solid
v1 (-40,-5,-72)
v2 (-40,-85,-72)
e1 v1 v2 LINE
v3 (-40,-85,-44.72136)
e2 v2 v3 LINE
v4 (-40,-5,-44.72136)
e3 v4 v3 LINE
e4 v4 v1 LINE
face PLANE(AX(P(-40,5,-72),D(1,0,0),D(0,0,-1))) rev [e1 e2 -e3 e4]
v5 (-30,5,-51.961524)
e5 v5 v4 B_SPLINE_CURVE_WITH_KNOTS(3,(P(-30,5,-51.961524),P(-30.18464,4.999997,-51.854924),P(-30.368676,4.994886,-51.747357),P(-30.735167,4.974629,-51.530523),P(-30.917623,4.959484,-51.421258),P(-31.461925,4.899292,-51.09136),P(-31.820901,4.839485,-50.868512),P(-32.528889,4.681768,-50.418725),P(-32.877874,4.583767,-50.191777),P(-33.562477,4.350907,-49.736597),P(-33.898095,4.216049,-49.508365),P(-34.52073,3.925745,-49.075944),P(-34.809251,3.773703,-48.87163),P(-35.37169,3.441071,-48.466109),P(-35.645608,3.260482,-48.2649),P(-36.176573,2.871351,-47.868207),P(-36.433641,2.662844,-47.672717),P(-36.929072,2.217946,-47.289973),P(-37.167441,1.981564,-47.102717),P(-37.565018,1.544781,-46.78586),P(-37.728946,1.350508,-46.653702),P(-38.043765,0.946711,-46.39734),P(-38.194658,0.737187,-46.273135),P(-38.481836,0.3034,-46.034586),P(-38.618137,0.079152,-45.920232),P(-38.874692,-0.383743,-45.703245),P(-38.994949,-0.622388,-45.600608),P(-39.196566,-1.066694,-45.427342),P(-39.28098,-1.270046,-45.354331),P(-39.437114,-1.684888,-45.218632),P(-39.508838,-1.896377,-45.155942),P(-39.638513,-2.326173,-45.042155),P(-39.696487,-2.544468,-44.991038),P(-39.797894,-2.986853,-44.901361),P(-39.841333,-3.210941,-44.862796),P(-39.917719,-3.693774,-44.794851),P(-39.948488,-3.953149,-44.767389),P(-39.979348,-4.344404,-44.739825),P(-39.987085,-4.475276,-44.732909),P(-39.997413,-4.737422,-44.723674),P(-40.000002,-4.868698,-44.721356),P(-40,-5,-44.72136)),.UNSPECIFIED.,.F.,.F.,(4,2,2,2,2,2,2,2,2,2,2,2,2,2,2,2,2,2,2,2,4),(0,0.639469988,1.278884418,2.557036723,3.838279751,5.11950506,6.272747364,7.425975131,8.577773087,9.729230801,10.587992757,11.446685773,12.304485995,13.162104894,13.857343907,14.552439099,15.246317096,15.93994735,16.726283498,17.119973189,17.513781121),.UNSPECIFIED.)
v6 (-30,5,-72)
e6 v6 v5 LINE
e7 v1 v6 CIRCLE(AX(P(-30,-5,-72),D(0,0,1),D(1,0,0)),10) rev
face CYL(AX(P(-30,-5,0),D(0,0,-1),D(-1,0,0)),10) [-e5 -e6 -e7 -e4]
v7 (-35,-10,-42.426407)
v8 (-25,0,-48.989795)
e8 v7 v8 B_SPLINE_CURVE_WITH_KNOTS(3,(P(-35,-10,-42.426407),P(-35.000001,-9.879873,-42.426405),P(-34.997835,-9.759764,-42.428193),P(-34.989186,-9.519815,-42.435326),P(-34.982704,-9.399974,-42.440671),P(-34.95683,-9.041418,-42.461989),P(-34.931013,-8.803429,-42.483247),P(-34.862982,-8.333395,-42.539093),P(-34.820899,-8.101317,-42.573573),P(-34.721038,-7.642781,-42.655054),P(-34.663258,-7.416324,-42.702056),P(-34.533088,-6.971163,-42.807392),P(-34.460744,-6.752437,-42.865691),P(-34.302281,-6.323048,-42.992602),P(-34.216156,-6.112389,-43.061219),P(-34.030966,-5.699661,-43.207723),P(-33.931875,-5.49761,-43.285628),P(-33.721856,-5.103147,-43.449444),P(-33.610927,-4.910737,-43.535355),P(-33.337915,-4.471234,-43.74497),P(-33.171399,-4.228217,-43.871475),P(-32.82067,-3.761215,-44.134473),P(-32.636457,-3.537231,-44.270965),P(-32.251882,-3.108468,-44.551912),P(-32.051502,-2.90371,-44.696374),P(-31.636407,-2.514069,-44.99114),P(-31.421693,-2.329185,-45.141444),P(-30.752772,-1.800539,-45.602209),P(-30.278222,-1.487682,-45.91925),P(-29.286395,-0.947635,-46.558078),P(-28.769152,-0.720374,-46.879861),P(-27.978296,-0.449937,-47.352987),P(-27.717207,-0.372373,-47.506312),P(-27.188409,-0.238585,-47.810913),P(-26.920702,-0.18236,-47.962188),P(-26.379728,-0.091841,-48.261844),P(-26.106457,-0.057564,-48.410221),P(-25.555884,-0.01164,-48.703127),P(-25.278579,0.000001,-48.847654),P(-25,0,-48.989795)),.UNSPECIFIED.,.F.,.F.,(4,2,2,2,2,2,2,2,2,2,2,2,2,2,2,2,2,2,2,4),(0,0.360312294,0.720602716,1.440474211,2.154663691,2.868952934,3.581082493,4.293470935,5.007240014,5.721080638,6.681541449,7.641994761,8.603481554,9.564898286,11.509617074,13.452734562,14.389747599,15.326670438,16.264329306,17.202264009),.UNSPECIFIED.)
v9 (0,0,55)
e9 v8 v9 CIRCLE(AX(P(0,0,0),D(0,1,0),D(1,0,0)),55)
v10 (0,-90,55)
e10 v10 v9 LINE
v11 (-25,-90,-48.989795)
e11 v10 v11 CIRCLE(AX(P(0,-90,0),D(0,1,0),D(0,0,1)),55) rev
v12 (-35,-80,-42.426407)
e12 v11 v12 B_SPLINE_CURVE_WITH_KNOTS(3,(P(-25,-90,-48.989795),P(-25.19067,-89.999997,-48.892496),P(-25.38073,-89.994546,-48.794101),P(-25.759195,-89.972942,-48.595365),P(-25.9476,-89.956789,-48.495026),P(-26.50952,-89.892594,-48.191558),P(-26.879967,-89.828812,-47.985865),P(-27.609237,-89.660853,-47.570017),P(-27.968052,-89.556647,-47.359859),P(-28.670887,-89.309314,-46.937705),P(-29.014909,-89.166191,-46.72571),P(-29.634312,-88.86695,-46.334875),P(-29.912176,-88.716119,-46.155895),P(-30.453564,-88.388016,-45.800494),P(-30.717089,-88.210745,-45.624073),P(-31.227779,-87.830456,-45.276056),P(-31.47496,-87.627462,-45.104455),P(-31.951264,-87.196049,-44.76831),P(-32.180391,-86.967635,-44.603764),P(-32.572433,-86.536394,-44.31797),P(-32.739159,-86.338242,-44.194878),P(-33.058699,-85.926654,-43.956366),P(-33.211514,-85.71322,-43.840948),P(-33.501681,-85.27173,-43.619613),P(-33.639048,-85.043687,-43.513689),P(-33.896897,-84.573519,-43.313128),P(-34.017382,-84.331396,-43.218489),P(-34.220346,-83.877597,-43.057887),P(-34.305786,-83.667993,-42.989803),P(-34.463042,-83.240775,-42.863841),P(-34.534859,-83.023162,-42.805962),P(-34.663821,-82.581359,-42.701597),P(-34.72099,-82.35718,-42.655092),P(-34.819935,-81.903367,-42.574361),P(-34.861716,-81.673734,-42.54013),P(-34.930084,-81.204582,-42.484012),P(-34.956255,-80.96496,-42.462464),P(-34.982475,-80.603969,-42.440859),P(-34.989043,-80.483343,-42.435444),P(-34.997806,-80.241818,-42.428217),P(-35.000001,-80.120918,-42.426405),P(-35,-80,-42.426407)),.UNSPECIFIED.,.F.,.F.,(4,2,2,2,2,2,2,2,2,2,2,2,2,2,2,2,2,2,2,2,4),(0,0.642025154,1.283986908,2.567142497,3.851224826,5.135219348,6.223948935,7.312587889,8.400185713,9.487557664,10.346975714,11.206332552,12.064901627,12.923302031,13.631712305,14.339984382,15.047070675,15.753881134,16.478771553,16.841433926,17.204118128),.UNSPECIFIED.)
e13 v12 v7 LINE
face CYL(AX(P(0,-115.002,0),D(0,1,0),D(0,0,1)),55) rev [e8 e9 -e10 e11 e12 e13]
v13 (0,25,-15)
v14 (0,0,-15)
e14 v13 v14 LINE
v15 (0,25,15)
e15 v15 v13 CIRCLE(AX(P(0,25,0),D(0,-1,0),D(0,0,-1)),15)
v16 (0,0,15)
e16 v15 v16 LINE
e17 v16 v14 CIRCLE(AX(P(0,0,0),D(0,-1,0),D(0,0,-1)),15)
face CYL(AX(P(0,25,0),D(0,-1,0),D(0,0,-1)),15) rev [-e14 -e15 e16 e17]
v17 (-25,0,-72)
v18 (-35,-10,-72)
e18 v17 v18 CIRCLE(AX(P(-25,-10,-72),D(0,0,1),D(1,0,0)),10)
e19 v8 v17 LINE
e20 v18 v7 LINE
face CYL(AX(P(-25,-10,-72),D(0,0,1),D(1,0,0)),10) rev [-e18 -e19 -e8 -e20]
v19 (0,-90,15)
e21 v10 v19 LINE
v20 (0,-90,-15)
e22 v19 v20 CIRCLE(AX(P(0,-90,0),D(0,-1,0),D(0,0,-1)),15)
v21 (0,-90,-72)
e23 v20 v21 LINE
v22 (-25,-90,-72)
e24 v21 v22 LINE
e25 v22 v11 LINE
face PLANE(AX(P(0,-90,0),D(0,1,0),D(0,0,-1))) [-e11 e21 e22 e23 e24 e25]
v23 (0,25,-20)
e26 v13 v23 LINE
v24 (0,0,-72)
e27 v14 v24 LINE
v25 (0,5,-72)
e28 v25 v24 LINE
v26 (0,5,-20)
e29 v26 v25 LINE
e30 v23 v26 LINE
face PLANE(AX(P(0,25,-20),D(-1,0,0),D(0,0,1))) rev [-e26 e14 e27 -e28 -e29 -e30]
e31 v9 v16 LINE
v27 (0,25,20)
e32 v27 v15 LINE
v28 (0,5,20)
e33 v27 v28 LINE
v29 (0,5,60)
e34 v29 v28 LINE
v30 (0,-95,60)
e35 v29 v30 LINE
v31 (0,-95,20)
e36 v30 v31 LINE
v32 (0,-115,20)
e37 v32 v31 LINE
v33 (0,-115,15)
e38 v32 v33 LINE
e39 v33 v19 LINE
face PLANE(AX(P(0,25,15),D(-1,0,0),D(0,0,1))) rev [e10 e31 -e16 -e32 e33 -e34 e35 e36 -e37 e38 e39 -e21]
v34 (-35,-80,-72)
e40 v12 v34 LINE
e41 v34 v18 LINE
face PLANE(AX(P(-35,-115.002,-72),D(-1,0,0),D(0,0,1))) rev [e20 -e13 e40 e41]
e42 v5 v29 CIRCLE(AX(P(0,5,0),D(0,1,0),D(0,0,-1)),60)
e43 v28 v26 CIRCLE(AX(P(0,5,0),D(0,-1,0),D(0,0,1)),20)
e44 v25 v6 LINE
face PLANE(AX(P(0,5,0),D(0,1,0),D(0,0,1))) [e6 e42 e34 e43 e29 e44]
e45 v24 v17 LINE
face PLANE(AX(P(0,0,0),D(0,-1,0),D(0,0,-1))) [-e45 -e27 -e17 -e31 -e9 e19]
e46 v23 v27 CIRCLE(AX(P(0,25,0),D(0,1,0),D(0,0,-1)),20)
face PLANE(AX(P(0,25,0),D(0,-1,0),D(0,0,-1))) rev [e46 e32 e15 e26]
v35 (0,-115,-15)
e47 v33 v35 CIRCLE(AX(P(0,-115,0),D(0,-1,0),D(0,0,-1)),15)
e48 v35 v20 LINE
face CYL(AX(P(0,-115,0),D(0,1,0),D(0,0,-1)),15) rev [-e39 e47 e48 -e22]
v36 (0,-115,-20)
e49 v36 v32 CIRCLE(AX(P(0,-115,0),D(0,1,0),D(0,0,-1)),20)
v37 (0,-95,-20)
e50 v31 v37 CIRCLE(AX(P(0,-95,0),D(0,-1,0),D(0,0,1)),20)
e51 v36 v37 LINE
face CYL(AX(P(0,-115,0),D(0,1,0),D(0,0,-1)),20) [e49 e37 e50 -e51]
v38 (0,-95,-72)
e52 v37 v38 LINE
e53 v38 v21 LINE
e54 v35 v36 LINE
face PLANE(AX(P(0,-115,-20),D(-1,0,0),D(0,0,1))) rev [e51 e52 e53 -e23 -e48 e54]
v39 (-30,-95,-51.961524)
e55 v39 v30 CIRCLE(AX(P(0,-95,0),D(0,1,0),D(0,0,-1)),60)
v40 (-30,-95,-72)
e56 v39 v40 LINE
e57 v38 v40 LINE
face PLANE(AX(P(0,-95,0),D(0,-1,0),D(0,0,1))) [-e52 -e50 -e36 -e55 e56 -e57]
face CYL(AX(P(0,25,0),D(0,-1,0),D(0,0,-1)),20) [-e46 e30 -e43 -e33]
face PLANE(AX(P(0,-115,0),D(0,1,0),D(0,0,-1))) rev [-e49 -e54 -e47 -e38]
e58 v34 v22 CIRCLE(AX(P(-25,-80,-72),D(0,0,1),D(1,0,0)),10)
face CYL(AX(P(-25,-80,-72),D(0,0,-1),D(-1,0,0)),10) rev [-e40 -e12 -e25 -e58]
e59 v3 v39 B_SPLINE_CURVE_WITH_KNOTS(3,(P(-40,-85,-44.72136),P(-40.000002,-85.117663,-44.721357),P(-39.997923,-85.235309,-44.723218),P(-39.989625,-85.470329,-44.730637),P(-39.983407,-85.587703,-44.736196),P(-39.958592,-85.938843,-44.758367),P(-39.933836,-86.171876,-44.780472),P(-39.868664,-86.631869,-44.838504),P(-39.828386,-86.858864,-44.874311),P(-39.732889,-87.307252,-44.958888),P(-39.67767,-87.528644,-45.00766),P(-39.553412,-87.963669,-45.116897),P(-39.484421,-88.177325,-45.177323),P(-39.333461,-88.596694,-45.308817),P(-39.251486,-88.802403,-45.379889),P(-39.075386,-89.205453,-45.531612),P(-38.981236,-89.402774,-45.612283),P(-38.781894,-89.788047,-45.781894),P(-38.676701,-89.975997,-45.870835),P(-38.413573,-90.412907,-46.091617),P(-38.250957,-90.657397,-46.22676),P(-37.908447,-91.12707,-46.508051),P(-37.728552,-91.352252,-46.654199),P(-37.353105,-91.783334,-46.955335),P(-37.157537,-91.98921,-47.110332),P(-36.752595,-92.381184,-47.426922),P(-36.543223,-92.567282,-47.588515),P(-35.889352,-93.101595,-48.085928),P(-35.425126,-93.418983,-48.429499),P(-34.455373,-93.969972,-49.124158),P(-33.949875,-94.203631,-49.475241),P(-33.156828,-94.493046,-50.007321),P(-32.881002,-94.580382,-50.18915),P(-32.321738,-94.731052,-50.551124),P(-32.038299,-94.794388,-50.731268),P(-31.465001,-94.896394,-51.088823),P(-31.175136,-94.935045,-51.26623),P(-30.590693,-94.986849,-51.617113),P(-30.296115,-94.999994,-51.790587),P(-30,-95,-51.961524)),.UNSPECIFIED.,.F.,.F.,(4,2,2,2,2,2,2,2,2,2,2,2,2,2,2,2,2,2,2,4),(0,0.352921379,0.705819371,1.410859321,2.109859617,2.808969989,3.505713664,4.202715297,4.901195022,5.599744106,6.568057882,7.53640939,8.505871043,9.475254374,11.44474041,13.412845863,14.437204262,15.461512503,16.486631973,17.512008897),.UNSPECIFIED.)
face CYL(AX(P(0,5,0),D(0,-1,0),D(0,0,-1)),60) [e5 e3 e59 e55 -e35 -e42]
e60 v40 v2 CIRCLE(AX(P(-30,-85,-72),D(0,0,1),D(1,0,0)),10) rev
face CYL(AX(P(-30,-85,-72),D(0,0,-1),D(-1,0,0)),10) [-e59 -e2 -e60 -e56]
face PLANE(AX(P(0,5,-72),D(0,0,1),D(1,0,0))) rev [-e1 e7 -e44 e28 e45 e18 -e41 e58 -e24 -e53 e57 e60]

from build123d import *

# Parameters (mm, degrees)
DODANIE_WYCI_GNI_CIE1_DEPTH       = 25
DODANIE_WYCI_GNI_CIE2_DEPTH       = 5
WYCI_GNI_CIE_CIENKA_CIANKA1_REACH = 150.354
ZAOKR_GLENIE1_R                   = 10
ZAOKR_GLENIE2_R                   = 10
ZAOKR_GLENIE3_R                   = 10
ZAOKR_GLENIE4_R                   = 10


with BuildPart() as part:
    # Szkic1 → Dodanie-wyciągnięcie1 (new body)
    with BuildSketch(Plane(origin=(0, 0, 0), x_dir=(1, 0, 0), z_dir=(0, 1, 0))):
        with BuildLine():
            Line((0, 20), (0, 15))
            ThreePointArc((0, 15), (-15, 0), (0, -15))
            Line((0, -15), (0, -20))
            ThreePointArc((0, -20), (-20, 0), (0, 20))
        make_face()
    extrude(amount=DODANIE_WYCI_GNI_CIE1_DEPTH)

    # Szkic2 → Dodanie-wyciągnięcie2 (add)
    with BuildSketch(Plane(origin=(0, 0, 0), x_dir=(1, 0, 0), z_dir=(0, 1, 0))):
        with BuildLine():
            Line((0, 20), (0, 72))
            Line((0, 72), (-40, 72))
            Line((-40, 72), (-40, 44.72135955))
            ThreePointArc((-40, 44.72135955), (-56.050341538, -21.409325386), (0, -60))
            Line((0, -60), (0, -20))
            ThreePointArc((0, -20), (-20, 0), (0, 20))
        make_face()
    extrude(amount=DODANIE_WYCI_GNI_CIE2_DEPTH)


with BuildPart() as body_2:
    # Lustro3: mirrored copy
    add(part.part.mirror(Plane.ZX.offset(-45)))

    # Szkic3 → Wyciągnięcie-cienka ścianka1 (add, up to next)
    with BuildSketch(Plane(origin=(0, 0, 0), x_dir=(1, 0, 0), z_dir=(0, 1, 0)), mode=Mode.PRIVATE) as wyci_gni_cie_cienka_cianka1_sk1:
        with BuildLine():
            Line((-40, 72), (-40, 44.72135955))
            ThreePointArc((-40, 44.72135955), (-56.050341538, -21.409325386), (0, -60))
            Line((0, -60), (0, -55))
            ThreePointArc((0, -55), (-51.76124215, -18.594994247), (-35, 42.426406871))
            Line((-35, 42.426406871), (-35, 72))
            Line((-35, 72), (-40, 72))
        make_face()
    wyci_gni_cie_cienka_cianka1_tool1 = extrude(wyci_gni_cie_cienka_cianka1_sk1.sketch, amount=-WYCI_GNI_CIE_CIENKA_CIANKA1_REACH, mode=Mode.PRIVATE) - body_2.part

    add(part.part)  # Wyciągnięcie-cienka ścianka1 merges part
    add(wyci_gni_cie_cienka_cianka1_tool1.solids().sort_by_distance((-36.449966, 0, -57.213203))[0])

    # Zaokrąglenie1
    zaokr_glenie1_edges = [body_2.edges().sort_by_distance(p)[0] for p in [
        (-40, 5, -58.360679775),
    ]]
    fillet(zaokr_glenie1_edges, radius=ZAOKR_GLENIE1_R)

    # Zaokrąglenie2
    zaokr_glenie2_edges = [body_2.edges().sort_by_distance(p)[0] for p in [
        (-40, -95, -58.360679775),
    ]]
    fillet(zaokr_glenie2_edges, radius=ZAOKR_GLENIE2_R)

    # Zaokrąglenie3
    zaokr_glenie3_edges = [body_2.edges().sort_by_distance(p)[0] for p in [
        (-35, 0, -57.213203436),
    ]]
    fillet(zaokr_glenie3_edges, radius=ZAOKR_GLENIE3_R)

    # Zaokrąglenie4
    zaokr_glenie4_edges = [body_2.edges().sort_by_distance(p)[0] for p in [
        (-35, -90, -57.213203436),
    ]]
    fillet(zaokr_glenie4_edges, radius=ZAOKR_GLENIE4_R)


solid = body_2.part
